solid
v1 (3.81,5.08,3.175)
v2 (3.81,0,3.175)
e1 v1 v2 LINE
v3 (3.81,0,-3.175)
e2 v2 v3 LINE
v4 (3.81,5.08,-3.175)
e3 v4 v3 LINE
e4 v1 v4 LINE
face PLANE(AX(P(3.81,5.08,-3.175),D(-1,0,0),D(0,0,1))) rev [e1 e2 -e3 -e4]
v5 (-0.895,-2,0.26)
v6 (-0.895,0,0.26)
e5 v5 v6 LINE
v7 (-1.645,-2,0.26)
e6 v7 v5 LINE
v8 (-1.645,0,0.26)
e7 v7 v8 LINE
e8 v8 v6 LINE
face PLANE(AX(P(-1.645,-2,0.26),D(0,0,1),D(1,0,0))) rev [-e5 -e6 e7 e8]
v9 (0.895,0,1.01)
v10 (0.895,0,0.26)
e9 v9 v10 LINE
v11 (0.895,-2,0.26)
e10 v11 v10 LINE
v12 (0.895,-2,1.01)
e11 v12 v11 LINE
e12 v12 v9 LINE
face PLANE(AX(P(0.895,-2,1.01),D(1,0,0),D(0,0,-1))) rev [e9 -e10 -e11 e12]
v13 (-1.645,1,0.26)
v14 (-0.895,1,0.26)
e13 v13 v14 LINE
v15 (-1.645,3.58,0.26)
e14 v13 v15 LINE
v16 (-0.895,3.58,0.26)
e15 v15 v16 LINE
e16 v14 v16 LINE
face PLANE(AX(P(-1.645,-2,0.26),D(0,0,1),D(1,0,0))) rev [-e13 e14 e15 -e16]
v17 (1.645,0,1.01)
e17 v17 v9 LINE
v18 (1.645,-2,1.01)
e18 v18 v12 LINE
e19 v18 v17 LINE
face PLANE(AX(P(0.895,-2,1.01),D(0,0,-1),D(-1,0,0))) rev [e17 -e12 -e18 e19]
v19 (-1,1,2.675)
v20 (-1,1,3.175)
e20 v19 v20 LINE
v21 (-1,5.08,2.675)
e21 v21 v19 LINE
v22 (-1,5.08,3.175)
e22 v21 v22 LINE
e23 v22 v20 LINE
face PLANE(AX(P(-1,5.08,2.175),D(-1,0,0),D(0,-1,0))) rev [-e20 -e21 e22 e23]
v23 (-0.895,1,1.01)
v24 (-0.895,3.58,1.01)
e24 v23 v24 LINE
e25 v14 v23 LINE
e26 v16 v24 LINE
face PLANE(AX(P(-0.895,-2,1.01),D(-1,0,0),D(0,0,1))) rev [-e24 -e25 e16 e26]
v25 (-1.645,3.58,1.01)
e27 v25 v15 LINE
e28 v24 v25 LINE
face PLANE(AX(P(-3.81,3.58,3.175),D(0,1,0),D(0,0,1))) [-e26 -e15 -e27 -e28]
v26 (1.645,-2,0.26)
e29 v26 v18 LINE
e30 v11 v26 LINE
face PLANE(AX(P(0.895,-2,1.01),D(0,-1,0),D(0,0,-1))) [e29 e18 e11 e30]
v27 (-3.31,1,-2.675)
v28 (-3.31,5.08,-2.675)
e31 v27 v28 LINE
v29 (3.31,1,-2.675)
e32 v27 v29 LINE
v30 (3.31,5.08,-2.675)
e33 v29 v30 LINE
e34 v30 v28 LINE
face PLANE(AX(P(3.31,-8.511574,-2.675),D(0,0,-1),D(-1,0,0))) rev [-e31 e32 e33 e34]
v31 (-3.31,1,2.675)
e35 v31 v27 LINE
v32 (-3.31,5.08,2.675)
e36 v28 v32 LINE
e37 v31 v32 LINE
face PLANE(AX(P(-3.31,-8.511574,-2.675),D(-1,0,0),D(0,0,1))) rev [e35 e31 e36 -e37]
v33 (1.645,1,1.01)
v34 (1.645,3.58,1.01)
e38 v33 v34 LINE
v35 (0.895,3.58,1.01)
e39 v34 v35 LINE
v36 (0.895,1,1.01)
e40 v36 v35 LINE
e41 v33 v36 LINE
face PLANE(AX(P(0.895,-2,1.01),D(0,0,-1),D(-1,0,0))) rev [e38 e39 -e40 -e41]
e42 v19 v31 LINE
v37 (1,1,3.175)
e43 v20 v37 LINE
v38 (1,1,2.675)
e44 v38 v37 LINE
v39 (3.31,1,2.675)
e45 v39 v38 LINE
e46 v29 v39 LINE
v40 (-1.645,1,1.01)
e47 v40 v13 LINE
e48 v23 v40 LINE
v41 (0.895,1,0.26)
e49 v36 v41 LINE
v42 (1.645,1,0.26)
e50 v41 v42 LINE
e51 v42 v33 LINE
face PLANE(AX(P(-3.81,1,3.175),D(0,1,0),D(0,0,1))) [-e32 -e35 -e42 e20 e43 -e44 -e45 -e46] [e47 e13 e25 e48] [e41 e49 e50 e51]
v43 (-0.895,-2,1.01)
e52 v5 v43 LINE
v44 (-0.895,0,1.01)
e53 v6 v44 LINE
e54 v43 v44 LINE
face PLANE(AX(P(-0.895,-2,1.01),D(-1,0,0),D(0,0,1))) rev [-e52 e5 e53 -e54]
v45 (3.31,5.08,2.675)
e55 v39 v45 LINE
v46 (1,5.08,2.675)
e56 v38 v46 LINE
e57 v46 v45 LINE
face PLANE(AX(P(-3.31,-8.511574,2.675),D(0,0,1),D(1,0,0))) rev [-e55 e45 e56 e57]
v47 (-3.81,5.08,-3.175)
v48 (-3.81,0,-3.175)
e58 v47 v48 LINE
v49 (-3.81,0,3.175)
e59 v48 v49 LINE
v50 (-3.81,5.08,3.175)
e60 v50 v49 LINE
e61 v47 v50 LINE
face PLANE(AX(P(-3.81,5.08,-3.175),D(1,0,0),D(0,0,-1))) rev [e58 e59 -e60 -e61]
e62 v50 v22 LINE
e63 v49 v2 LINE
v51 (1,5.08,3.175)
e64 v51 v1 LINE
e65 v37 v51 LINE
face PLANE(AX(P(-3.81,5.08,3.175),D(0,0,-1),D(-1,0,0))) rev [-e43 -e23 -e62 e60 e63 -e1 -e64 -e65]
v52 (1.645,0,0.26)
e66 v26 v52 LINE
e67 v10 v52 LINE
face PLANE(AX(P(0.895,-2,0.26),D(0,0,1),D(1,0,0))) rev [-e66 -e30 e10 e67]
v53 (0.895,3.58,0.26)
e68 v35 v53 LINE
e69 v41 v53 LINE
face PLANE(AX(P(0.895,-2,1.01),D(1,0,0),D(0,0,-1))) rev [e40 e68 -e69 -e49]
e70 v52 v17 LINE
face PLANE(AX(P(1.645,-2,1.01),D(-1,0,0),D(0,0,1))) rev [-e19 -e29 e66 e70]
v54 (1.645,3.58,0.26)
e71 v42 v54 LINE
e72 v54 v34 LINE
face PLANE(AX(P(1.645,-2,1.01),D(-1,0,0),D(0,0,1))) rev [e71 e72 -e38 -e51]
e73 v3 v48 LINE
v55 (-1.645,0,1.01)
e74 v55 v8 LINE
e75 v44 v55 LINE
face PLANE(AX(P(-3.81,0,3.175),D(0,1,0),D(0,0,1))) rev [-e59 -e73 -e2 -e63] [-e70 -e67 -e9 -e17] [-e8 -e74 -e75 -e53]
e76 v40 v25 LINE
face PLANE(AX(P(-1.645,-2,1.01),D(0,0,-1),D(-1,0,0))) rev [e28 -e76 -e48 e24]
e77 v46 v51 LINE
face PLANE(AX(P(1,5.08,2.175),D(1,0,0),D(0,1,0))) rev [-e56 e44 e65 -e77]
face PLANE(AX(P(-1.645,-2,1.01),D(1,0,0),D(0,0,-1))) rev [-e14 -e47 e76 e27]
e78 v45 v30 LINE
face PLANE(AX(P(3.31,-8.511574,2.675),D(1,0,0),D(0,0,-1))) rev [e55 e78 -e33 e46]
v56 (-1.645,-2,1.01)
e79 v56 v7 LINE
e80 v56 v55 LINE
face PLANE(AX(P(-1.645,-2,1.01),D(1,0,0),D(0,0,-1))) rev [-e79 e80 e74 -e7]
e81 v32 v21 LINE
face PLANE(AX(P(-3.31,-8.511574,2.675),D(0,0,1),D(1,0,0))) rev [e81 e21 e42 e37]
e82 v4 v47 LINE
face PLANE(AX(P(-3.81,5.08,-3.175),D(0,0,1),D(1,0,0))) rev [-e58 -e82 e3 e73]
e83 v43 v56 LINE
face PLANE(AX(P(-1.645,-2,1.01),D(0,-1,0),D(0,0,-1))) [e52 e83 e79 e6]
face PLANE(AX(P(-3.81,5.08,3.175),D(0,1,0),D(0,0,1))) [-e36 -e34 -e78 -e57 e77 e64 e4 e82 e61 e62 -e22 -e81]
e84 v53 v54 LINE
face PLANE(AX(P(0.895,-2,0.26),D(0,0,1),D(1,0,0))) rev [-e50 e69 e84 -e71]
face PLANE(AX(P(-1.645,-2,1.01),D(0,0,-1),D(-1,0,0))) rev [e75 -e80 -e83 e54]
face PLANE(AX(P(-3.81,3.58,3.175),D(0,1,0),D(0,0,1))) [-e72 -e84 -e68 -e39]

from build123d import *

# Parameters (mm, degrees)
SKETCH_1_W           = 7.62
SKETCH_1_H           = 6.35
EXTRUDE_1_DEPTH      = 5.08
SKETCH_2_W           = 6.62
SKETCH_2_H           = 5.35
CUT_EXTRUDE_1_DEPTH  = 4.08
SKETCH_3_W           = 2
SKETCH_3_H           = 4.08
CUT_EXTRUDE_2_DEPTH  = 1
EXTRUDE_2_DEPTH      = 2
EXTRUDE_2_DEPTH_BACK = 3.58
SKETCH_4_W           = 0.75
SKETCH_4_H           = 0.75


with BuildPart() as part:
    # 草图1 → 拉伸1 (new body)
    with BuildSketch(Plane(origin=(0, 0, 0), x_dir=(1, 0, 0), z_dir=(0, 1, 0))):
        Rectangle(SKETCH_1_W, SKETCH_1_H)
    extrude(amount=EXTRUDE_1_DEPTH)

    # 草图2 → 切除-拉伸1 (cut)
    with BuildSketch(Plane(origin=(0, 5.08, 0), x_dir=(-1, 0, 0), z_dir=(0, 1, 0))):
        Rectangle(SKETCH_2_W, SKETCH_2_H)
    extrude(amount=-CUT_EXTRUDE_1_DEPTH, mode=Mode.SUBTRACT)

    # 草图3 → 切除-拉伸2 (cut)
    with BuildSketch(Plane.XY.offset(3.175)):
        with Locations((0, 3.04)):
            Rectangle(SKETCH_3_W, SKETCH_3_H)
    extrude(amount=-CUT_EXTRUDE_2_DEPTH, mode=Mode.SUBTRACT)

    # 草图4 → 拉伸2 (add, two sides: drawn at the far end of the back side and taken through both)
    with BuildSketch(Plane.XZ.offset(-EXTRUDE_2_DEPTH_BACK)):
        with Locations((-1.27, 0.635)):
            Rectangle(SKETCH_4_W, SKETCH_4_H)
        with Locations((1.27, 0.635)):
            Rectangle(SKETCH_4_W, SKETCH_4_H)
    extrude(amount=EXTRUDE_2_DEPTH + EXTRUDE_2_DEPTH_BACK)


solid = part.part
